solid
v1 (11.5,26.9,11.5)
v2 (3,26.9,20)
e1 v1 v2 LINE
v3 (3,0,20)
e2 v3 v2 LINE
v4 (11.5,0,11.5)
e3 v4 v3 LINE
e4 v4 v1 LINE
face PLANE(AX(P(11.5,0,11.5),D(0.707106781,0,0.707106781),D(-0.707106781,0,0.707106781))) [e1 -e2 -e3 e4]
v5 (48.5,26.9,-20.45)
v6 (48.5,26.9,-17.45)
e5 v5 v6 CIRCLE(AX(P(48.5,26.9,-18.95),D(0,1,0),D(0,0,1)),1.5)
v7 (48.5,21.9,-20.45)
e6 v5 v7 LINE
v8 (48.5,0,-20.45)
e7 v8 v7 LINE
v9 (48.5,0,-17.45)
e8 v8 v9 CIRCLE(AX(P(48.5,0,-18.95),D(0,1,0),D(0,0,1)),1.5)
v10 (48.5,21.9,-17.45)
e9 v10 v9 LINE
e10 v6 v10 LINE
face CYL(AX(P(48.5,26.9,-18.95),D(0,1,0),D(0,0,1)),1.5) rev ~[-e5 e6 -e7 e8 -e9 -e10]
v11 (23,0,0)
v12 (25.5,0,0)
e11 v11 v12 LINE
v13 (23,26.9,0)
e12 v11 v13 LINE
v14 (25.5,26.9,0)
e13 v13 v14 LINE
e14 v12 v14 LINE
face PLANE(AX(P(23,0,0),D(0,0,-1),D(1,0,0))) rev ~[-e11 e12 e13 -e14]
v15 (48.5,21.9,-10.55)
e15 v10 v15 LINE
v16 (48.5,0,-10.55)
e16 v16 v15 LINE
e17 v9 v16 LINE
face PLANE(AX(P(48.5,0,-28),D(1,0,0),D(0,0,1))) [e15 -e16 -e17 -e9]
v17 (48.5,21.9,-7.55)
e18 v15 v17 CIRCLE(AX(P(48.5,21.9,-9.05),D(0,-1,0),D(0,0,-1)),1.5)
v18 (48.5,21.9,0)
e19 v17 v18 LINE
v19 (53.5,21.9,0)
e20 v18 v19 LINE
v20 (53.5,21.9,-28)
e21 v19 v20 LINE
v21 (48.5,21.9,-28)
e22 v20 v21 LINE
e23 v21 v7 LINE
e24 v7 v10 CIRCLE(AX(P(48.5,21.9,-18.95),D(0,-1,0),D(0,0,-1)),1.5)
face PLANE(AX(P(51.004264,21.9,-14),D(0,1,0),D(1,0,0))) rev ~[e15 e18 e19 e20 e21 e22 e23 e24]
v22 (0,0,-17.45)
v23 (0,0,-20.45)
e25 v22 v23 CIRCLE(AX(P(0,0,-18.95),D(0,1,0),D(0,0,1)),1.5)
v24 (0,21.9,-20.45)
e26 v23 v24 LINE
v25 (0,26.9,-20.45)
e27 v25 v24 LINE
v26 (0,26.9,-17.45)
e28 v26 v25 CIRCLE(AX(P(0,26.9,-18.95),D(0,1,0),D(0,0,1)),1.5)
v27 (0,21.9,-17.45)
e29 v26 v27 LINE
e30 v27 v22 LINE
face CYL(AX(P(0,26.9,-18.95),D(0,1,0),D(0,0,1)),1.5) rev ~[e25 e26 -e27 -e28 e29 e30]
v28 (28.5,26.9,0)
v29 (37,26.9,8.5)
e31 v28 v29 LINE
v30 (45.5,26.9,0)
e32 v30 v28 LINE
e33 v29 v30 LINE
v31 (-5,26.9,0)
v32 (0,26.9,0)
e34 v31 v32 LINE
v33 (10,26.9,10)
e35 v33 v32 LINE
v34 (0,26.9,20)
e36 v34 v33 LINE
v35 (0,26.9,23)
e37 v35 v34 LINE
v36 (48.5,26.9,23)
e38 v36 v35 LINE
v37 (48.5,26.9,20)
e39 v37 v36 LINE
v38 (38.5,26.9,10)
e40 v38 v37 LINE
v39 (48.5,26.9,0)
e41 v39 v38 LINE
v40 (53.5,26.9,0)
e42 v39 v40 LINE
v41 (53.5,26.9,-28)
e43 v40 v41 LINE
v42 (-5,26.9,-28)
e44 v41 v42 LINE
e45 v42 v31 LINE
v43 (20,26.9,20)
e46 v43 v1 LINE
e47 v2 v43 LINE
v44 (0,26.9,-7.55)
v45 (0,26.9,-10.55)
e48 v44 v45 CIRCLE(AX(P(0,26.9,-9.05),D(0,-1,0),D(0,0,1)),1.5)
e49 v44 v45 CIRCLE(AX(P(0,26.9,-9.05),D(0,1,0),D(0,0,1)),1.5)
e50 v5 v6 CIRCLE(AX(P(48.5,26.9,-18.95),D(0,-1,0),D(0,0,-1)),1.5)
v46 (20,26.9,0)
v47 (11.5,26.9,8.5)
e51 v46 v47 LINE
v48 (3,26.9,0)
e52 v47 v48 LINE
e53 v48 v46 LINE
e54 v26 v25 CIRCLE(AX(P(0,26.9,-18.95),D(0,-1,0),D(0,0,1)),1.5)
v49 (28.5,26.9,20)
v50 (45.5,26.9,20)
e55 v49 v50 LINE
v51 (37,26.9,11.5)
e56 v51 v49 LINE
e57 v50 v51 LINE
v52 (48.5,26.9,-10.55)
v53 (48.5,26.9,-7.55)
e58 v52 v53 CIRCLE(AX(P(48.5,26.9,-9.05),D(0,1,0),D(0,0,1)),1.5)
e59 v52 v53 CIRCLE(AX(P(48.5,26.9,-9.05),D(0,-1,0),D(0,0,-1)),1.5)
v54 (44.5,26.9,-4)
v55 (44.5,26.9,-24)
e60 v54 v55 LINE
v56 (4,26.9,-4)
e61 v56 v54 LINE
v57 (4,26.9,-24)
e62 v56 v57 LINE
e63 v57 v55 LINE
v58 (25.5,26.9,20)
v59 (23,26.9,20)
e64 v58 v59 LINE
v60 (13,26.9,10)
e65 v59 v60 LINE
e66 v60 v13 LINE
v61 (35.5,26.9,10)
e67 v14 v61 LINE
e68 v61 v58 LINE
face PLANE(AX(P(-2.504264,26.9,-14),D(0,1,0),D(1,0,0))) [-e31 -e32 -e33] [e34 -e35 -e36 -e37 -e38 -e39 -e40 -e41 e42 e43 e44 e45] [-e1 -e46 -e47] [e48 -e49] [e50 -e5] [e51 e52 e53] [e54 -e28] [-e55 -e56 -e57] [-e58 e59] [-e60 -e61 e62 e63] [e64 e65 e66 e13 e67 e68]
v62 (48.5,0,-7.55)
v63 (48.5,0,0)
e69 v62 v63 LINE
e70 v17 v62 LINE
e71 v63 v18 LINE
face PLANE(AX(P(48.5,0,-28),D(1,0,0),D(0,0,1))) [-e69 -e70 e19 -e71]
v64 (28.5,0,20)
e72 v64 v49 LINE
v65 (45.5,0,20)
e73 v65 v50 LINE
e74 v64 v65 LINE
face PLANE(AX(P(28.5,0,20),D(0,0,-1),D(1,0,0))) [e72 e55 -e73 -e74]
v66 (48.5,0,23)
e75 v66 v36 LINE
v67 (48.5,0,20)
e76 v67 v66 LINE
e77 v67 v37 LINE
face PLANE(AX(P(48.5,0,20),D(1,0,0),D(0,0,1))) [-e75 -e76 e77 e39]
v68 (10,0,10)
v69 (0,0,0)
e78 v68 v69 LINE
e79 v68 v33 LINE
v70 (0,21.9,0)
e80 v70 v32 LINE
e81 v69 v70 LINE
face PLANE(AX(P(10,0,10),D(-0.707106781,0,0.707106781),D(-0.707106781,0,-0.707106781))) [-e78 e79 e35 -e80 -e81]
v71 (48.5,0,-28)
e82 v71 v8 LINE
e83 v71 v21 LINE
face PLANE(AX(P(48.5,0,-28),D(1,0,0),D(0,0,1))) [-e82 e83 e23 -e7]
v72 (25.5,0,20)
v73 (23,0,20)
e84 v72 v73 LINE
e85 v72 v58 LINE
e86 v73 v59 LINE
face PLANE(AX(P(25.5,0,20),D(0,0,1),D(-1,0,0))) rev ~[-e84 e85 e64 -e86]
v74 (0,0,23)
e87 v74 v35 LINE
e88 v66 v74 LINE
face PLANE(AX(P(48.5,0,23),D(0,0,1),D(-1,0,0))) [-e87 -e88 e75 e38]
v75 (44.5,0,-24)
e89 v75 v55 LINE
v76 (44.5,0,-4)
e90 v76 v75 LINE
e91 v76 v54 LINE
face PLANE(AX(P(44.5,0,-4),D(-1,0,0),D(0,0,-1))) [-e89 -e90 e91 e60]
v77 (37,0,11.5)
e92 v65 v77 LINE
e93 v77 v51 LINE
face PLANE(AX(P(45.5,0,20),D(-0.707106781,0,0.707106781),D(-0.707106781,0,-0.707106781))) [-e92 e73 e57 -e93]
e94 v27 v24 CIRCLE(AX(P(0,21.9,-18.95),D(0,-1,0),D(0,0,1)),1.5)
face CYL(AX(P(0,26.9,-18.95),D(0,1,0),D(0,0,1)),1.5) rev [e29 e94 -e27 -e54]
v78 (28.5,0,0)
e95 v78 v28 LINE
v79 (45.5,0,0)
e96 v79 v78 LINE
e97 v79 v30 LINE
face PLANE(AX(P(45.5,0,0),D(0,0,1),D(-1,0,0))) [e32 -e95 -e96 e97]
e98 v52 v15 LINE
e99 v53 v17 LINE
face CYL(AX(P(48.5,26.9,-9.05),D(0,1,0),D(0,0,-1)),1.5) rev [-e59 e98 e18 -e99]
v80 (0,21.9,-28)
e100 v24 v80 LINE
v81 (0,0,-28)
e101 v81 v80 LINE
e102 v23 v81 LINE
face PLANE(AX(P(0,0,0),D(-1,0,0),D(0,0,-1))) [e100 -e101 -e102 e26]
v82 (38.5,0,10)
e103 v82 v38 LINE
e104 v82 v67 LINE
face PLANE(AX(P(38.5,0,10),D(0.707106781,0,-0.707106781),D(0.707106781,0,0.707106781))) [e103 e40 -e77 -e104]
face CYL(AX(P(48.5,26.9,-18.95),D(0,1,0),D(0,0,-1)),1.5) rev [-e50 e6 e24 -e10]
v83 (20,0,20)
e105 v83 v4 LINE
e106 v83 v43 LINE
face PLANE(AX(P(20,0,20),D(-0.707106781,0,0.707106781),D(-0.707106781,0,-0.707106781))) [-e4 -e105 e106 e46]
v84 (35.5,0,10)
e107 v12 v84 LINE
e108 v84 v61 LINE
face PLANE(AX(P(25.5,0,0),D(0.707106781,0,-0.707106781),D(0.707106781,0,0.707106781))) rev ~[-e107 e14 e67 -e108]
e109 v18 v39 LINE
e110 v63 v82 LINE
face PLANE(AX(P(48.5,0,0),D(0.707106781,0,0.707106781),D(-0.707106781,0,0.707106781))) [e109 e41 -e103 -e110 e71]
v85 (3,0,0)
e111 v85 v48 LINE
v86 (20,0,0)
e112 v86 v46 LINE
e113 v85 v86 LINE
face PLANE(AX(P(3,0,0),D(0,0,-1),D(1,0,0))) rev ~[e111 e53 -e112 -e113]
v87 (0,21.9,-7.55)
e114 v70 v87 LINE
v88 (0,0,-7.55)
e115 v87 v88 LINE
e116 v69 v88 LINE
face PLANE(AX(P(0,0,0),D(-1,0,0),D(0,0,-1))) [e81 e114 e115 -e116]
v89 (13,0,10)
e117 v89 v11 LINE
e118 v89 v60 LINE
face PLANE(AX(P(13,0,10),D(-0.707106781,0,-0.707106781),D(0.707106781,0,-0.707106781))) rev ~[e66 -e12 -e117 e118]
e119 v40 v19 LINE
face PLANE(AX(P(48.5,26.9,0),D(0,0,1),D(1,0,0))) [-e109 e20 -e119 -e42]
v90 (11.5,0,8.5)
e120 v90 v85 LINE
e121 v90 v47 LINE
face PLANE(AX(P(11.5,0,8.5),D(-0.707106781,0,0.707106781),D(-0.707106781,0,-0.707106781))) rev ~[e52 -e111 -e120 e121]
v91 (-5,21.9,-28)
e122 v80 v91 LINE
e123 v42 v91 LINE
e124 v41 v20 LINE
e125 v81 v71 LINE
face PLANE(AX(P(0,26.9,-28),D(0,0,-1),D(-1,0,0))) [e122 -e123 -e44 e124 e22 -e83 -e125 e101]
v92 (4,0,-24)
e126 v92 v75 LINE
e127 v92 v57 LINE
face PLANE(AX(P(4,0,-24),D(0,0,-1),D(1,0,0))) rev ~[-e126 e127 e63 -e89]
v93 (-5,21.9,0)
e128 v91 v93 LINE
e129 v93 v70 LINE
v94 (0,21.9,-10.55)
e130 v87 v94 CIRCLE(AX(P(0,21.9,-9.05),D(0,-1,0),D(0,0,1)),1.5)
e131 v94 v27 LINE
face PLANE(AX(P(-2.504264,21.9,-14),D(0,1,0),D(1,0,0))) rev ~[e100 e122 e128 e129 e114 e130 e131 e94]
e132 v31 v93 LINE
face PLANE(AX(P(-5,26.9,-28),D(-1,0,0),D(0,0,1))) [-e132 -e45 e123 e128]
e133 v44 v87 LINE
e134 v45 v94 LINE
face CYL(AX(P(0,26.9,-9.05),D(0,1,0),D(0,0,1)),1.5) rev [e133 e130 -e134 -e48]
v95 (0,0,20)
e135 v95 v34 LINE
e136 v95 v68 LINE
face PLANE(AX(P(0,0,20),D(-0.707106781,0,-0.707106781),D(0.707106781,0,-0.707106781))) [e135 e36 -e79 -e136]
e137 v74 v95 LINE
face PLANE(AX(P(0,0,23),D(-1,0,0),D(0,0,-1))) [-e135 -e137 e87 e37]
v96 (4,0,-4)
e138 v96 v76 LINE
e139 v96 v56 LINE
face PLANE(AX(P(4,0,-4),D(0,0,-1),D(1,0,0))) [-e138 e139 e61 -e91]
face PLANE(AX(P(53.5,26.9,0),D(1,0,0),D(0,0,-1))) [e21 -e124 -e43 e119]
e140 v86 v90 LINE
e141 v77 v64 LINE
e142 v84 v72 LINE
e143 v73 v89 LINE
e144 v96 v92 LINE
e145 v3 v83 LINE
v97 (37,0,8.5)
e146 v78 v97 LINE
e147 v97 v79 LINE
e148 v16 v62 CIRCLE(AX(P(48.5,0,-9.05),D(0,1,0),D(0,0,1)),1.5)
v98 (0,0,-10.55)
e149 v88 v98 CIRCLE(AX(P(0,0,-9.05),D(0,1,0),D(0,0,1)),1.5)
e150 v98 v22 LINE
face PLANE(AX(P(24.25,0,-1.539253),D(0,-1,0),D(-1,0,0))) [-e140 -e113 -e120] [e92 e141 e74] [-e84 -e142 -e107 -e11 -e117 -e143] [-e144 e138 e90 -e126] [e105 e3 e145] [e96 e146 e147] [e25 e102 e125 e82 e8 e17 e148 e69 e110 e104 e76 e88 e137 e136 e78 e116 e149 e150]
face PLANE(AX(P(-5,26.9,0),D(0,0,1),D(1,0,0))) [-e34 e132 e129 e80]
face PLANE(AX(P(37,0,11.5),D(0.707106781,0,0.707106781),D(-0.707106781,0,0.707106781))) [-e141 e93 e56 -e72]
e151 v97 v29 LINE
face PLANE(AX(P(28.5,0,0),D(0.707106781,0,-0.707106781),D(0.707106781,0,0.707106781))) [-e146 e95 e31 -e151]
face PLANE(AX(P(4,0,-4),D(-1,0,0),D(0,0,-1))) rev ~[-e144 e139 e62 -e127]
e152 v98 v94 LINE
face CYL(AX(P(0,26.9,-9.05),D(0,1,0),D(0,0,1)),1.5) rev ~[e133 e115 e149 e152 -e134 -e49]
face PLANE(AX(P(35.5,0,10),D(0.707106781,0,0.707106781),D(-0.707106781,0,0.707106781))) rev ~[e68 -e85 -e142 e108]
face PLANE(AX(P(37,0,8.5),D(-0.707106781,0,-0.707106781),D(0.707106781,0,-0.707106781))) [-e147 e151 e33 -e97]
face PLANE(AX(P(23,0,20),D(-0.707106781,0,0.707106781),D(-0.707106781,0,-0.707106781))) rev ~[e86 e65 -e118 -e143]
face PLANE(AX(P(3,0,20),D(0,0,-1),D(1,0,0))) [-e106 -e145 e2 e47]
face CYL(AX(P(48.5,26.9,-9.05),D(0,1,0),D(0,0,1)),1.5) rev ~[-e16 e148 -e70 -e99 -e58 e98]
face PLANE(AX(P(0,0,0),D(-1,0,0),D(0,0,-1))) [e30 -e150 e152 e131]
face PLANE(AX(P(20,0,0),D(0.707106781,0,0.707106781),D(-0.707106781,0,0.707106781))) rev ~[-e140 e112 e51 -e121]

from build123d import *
from build123d.topology import SkipClean

# Parameters (mm, degrees)
SKETCH1_W           = 40.5
SKETCH1_H           = 20
BOSS_EXTRUDE1_DEPTH = 26.9
BOSS_EXTRUDE2_DEPTH = 5
SKETCH3_R           = 1.5
CUT_EXTRUDE1_DEPTH  = 67.10491661


with BuildPart() as part:
    # Sketch1 → Boss-Extrude1 (new body)
    with BuildSketch(Plane(origin=(0, 0, 0), x_dir=(1, 0, 0), z_dir=(0, 1, 0))):
        Polygon((0, 0), (0, 28), (48.5, 28), (48.5, 0), (38.5, -10), (48.5, -20), (48.5, -23), (0, -23), (0, -20), (10, -10), align=None)
        with Locations((24.25, 14)):
            Rectangle(SKETCH1_W, SKETCH1_H, mode=Mode.SUBTRACT)
        Polygon((3, 0), (20, 0), (11.5, -8.5), align=None, mode=Mode.SUBTRACT)
        Polygon((13, -10), (23, 0), (25.5, 0), (35.5, -10), (25.5, -20), (23, -20), align=None, mode=Mode.SUBTRACT)
        Polygon((11.5, -11.5), (3, -20), (20, -20), align=None, mode=Mode.SUBTRACT)
        Polygon((45.5, 0), (28.5, 0), (37, -8.5), align=None, mode=Mode.SUBTRACT)
        Polygon((37, -11.5), (28.5, -20), (45.5, -20), align=None, mode=Mode.SUBTRACT)
    extrude(amount=BOSS_EXTRUDE1_DEPTH)

    # Sketch2 → Boss-Extrude2 (add)
    with BuildSketch(Plane(origin=(0, 26.9, 0), x_dir=(1, 0, 0), z_dir=(0, 1, 0))):
        with BuildLine():
            Line((-5, 0), (0, 0))
            Line((0, 0), (0, 7.55))
            ThreePointArc((0, 7.55), (-1.5, 9.05), (0, 10.55))
            Line((0, 10.55), (0, 17.45))
            ThreePointArc((0, 17.45), (-1.5, 18.95), (0, 20.45))
            Line((0, 20.45), (0, 28))
            Line((0, 28), (-5, 28))
            Line((-5, 28), (-5, 0))
        make_face()
        with BuildLine():
            Line((53.5, 28), (48.5, 28))
            Line((48.5, 28), (48.5, 20.45))
            ThreePointArc((48.5, 20.45), (50, 18.95), (48.5, 17.45))
            Line((48.5, 17.45), (48.5, 10.55))
            ThreePointArc((48.5, 10.55), (50, 9.05), (48.5, 7.55))
            Line((48.5, 7.55), (48.5, 0))
            Line((48.5, 0), (53.5, 0))
            Line((53.5, 0), (53.5, 28))
        make_face()
    extrude(amount=-BOSS_EXTRUDE2_DEPTH)

    # Sketch3 → Cut-Extrude1 (cut, through all)
    with SkipClean():  # the faces are left unmerged after this step: merging them gives an invalid solid
        with BuildSketch(Plane(origin=(0, 26.9, 0), x_dir=(1, 0, 0), z_dir=(0, 1, 0))):
            with Locations(Location((0, 18.95, 0), (0, 0, 270))):
                Circle(SKETCH3_R)
            with Locations(Location((0, 9.05, 0), (0, 0, 270))):
                Circle(SKETCH3_R)
            with Locations(Location((48.5, 9.05, 0), (0, 0, 270))):
                Circle(SKETCH3_R)
            with Locations(Location((48.5, 18.95, 0), (0, 0, 270))):
                Circle(SKETCH3_R)
        extrude(amount=-CUT_EXTRUDE1_DEPTH, mode=Mode.SUBTRACT)


solid = part.part
